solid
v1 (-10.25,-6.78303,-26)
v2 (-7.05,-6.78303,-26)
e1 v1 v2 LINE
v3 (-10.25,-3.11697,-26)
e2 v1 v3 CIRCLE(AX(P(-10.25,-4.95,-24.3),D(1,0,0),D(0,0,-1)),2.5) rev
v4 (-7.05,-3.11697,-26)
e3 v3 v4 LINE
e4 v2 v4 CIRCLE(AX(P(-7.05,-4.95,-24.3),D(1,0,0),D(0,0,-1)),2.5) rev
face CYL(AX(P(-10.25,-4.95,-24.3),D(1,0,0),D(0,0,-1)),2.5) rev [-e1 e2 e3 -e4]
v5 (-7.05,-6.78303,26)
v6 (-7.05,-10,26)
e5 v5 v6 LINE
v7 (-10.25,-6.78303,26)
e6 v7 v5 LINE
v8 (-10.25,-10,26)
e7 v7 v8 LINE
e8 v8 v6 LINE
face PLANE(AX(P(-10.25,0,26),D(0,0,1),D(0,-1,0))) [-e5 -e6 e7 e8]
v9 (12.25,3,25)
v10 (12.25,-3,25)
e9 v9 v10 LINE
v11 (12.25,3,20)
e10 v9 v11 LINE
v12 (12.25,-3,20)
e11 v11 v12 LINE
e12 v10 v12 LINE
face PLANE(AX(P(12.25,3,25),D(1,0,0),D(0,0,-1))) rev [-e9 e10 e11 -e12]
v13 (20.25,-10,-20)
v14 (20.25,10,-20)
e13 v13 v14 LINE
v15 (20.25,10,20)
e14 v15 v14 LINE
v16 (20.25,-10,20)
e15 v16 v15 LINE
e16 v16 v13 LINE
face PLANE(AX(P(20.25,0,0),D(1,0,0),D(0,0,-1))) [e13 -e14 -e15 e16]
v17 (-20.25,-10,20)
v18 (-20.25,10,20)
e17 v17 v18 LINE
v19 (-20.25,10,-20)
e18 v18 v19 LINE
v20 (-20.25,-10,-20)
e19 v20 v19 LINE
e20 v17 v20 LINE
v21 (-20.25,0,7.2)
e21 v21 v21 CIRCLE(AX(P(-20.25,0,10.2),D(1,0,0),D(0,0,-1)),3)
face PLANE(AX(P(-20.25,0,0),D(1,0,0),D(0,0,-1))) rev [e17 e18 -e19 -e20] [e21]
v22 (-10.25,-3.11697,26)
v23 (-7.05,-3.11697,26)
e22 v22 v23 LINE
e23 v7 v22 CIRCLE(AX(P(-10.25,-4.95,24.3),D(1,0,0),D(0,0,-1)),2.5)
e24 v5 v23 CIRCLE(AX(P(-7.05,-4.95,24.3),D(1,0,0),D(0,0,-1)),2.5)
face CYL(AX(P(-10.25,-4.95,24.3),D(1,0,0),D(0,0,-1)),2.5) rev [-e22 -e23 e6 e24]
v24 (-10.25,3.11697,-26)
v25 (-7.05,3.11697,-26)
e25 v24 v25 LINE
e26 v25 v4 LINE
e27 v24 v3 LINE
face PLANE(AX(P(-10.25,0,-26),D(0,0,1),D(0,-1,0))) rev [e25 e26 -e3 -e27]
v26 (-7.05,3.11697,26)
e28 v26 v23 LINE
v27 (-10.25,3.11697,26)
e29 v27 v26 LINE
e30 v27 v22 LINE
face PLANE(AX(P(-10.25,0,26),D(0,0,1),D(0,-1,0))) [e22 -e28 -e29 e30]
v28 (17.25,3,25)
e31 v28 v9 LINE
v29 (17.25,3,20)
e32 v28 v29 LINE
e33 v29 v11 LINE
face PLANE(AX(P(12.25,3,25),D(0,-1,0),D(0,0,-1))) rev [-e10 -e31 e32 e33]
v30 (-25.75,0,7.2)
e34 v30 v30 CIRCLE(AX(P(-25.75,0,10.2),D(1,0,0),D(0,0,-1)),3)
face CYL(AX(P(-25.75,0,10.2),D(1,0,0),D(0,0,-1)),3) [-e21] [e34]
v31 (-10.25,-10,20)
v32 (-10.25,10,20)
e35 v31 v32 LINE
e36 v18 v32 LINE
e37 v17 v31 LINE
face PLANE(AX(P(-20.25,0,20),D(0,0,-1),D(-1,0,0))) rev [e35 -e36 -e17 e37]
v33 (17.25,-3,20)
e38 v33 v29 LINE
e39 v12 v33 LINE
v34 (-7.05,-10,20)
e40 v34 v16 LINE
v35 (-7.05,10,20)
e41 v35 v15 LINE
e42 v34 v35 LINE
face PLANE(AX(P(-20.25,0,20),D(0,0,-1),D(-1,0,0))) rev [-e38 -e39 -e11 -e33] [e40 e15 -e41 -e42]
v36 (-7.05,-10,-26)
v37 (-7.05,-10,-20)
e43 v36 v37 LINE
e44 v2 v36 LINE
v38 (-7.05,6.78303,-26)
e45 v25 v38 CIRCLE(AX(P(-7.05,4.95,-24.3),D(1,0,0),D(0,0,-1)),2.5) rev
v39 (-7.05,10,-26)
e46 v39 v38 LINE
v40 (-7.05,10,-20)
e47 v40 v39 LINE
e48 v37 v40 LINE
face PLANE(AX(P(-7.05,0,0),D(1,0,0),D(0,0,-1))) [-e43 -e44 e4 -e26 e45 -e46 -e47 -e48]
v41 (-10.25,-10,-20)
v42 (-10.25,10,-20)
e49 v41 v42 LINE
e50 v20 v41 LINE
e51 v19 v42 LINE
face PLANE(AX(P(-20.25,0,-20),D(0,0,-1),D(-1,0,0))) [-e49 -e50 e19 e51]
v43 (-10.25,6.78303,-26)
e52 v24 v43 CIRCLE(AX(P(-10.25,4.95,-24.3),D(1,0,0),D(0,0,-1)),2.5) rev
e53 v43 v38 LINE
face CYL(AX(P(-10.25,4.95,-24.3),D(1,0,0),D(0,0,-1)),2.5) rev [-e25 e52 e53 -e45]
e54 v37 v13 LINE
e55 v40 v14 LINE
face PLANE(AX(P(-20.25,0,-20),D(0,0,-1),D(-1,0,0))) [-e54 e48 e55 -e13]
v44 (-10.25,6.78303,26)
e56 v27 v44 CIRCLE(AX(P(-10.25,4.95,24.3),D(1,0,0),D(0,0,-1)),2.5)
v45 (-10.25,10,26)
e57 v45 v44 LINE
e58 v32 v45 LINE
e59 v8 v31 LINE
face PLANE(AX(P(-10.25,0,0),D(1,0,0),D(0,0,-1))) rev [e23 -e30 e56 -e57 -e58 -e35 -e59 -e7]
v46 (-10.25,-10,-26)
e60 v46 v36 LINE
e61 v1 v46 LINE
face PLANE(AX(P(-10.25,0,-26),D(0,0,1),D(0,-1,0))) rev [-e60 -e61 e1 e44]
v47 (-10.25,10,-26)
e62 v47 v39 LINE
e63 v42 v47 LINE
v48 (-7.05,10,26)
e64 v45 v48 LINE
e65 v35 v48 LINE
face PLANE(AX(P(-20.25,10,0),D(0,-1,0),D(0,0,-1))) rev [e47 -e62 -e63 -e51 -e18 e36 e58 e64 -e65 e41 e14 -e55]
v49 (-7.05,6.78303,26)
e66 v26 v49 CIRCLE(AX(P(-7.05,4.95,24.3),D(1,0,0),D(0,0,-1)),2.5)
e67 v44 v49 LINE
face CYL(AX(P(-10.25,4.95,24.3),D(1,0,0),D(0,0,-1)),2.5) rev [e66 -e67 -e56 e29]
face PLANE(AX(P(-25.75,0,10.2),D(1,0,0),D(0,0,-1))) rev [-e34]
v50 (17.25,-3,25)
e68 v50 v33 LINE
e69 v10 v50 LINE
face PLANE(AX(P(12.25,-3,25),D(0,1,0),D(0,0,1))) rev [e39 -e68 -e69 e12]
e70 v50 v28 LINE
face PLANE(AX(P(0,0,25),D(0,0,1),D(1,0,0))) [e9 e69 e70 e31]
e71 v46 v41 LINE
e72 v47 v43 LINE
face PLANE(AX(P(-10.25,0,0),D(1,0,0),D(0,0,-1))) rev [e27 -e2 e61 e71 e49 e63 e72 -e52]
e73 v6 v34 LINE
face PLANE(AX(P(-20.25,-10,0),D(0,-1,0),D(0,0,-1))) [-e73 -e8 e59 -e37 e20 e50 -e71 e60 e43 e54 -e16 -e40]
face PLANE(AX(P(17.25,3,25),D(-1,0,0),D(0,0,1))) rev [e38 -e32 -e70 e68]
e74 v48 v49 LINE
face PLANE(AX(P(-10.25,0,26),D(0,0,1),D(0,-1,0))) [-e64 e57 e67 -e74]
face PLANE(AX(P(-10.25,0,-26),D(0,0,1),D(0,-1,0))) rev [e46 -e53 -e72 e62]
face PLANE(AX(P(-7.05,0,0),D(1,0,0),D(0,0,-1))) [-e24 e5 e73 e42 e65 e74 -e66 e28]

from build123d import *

# Parameters (mm, degrees)
BOSS_EXTRUDE1_START = 20.25
SKETCH2_W           = 40
SKETCH2_H           = 20
SKETCH2_R           = 3
BOSS_EXTRUDE1_DEPTH = 40.5
BOSS_EXTRUDE2_START = -7.05
BOSS_EXTRUDE2_DEPTH = 3.2
BOSS_EXTRUDE3_START = -20.25
SKETCH2_5_R         = 3
BOSS_EXTRUDE3_DEPTH = 5.5
SKETCH3_W           = 5
SKETCH3_H           = 6
BOSS_EXTRUDE4_DEPTH = 5


with BuildPart() as part:
    # Sketch2 → Boss-Extrude1 (new body)
    # profile 1 of 2: a face of its own
    with BuildSketch(Plane(origin=(0, 0, 0), x_dir=(0, 0, -1), z_dir=(1, 0, 0)).offset(BOSS_EXTRUDE1_START)):
        Rectangle(SKETCH2_W, SKETCH2_H)
        with Locations((-10.2, 0)):
            Circle(SKETCH2_R, mode=Mode.SUBTRACT)
    # profile 2 of 2: a face of its own
    with BuildSketch(Plane(origin=(0, 0, 0), x_dir=(0, 0, -1), z_dir=(1, 0, 0)).offset(BOSS_EXTRUDE1_START)):
        with Locations((-10.2, 0)):
            Circle(SKETCH2_R)
    extrude(amount=-BOSS_EXTRUDE1_DEPTH)

    # Sketch2<3> → Boss-Extrude2 (add)
    with BuildSketch(Plane(origin=(0, 0, 0), x_dir=(0, 0, -1), z_dir=(1, 0, 0)).offset(BOSS_EXTRUDE2_START)):
        with BuildLine():
            Line((-26, -10), (-20, -10))
            Line((-20, -10), (-20, 10))
            Line((-20, 10), (-26, 10))
            Line((-26, 10), (-26, 6.783030278))
            ThreePointArc((-26, 6.783030278), (-21.8, 4.95), (-26, 3.116969722))
            Line((-26, 3.116969722), (-26, -3.116969722))
            ThreePointArc((-26, -3.116969722), (-21.8, -4.95), (-26, -6.783030278))
            Line((-26, -6.783030278), (-26, -10))
        make_face()
        with BuildLine():
            Line((20, 10), (20, -10))
            Line((20, -10), (26, -10))
            Line((26, -10), (26, -6.783030278))
            ThreePointArc((26, -6.783030278), (21.8, -4.95), (26, -3.116969722))
            Line((26, -3.116969722), (26, 3.116969722))
            ThreePointArc((26, 3.116969722), (21.8, 4.95), (26, 6.783030278))
            Line((26, 6.783030278), (26, 10))
            Line((26, 10), (20, 10))
        make_face()
    extrude(amount=-BOSS_EXTRUDE2_DEPTH)

    # Sketch2<5> → Boss-Extrude3 (add)
    with BuildSketch(Plane(origin=(0, 0, 0), x_dir=(0, 0, -1), z_dir=(1, 0, 0)).offset(BOSS_EXTRUDE3_START)):
        with Locations((-10.2, 0)):
            Circle(SKETCH2_5_R)
    extrude(amount=-BOSS_EXTRUDE3_DEPTH)

    # Sketch3 → Boss-Extrude4 (add)
    with BuildSketch(Plane.XY.offset(20)):
        with Locations((14.75, 0)):
            Rectangle(SKETCH3_W, SKETCH3_H)
    extrude(amount=BOSS_EXTRUDE4_DEPTH)


solid = part.part
